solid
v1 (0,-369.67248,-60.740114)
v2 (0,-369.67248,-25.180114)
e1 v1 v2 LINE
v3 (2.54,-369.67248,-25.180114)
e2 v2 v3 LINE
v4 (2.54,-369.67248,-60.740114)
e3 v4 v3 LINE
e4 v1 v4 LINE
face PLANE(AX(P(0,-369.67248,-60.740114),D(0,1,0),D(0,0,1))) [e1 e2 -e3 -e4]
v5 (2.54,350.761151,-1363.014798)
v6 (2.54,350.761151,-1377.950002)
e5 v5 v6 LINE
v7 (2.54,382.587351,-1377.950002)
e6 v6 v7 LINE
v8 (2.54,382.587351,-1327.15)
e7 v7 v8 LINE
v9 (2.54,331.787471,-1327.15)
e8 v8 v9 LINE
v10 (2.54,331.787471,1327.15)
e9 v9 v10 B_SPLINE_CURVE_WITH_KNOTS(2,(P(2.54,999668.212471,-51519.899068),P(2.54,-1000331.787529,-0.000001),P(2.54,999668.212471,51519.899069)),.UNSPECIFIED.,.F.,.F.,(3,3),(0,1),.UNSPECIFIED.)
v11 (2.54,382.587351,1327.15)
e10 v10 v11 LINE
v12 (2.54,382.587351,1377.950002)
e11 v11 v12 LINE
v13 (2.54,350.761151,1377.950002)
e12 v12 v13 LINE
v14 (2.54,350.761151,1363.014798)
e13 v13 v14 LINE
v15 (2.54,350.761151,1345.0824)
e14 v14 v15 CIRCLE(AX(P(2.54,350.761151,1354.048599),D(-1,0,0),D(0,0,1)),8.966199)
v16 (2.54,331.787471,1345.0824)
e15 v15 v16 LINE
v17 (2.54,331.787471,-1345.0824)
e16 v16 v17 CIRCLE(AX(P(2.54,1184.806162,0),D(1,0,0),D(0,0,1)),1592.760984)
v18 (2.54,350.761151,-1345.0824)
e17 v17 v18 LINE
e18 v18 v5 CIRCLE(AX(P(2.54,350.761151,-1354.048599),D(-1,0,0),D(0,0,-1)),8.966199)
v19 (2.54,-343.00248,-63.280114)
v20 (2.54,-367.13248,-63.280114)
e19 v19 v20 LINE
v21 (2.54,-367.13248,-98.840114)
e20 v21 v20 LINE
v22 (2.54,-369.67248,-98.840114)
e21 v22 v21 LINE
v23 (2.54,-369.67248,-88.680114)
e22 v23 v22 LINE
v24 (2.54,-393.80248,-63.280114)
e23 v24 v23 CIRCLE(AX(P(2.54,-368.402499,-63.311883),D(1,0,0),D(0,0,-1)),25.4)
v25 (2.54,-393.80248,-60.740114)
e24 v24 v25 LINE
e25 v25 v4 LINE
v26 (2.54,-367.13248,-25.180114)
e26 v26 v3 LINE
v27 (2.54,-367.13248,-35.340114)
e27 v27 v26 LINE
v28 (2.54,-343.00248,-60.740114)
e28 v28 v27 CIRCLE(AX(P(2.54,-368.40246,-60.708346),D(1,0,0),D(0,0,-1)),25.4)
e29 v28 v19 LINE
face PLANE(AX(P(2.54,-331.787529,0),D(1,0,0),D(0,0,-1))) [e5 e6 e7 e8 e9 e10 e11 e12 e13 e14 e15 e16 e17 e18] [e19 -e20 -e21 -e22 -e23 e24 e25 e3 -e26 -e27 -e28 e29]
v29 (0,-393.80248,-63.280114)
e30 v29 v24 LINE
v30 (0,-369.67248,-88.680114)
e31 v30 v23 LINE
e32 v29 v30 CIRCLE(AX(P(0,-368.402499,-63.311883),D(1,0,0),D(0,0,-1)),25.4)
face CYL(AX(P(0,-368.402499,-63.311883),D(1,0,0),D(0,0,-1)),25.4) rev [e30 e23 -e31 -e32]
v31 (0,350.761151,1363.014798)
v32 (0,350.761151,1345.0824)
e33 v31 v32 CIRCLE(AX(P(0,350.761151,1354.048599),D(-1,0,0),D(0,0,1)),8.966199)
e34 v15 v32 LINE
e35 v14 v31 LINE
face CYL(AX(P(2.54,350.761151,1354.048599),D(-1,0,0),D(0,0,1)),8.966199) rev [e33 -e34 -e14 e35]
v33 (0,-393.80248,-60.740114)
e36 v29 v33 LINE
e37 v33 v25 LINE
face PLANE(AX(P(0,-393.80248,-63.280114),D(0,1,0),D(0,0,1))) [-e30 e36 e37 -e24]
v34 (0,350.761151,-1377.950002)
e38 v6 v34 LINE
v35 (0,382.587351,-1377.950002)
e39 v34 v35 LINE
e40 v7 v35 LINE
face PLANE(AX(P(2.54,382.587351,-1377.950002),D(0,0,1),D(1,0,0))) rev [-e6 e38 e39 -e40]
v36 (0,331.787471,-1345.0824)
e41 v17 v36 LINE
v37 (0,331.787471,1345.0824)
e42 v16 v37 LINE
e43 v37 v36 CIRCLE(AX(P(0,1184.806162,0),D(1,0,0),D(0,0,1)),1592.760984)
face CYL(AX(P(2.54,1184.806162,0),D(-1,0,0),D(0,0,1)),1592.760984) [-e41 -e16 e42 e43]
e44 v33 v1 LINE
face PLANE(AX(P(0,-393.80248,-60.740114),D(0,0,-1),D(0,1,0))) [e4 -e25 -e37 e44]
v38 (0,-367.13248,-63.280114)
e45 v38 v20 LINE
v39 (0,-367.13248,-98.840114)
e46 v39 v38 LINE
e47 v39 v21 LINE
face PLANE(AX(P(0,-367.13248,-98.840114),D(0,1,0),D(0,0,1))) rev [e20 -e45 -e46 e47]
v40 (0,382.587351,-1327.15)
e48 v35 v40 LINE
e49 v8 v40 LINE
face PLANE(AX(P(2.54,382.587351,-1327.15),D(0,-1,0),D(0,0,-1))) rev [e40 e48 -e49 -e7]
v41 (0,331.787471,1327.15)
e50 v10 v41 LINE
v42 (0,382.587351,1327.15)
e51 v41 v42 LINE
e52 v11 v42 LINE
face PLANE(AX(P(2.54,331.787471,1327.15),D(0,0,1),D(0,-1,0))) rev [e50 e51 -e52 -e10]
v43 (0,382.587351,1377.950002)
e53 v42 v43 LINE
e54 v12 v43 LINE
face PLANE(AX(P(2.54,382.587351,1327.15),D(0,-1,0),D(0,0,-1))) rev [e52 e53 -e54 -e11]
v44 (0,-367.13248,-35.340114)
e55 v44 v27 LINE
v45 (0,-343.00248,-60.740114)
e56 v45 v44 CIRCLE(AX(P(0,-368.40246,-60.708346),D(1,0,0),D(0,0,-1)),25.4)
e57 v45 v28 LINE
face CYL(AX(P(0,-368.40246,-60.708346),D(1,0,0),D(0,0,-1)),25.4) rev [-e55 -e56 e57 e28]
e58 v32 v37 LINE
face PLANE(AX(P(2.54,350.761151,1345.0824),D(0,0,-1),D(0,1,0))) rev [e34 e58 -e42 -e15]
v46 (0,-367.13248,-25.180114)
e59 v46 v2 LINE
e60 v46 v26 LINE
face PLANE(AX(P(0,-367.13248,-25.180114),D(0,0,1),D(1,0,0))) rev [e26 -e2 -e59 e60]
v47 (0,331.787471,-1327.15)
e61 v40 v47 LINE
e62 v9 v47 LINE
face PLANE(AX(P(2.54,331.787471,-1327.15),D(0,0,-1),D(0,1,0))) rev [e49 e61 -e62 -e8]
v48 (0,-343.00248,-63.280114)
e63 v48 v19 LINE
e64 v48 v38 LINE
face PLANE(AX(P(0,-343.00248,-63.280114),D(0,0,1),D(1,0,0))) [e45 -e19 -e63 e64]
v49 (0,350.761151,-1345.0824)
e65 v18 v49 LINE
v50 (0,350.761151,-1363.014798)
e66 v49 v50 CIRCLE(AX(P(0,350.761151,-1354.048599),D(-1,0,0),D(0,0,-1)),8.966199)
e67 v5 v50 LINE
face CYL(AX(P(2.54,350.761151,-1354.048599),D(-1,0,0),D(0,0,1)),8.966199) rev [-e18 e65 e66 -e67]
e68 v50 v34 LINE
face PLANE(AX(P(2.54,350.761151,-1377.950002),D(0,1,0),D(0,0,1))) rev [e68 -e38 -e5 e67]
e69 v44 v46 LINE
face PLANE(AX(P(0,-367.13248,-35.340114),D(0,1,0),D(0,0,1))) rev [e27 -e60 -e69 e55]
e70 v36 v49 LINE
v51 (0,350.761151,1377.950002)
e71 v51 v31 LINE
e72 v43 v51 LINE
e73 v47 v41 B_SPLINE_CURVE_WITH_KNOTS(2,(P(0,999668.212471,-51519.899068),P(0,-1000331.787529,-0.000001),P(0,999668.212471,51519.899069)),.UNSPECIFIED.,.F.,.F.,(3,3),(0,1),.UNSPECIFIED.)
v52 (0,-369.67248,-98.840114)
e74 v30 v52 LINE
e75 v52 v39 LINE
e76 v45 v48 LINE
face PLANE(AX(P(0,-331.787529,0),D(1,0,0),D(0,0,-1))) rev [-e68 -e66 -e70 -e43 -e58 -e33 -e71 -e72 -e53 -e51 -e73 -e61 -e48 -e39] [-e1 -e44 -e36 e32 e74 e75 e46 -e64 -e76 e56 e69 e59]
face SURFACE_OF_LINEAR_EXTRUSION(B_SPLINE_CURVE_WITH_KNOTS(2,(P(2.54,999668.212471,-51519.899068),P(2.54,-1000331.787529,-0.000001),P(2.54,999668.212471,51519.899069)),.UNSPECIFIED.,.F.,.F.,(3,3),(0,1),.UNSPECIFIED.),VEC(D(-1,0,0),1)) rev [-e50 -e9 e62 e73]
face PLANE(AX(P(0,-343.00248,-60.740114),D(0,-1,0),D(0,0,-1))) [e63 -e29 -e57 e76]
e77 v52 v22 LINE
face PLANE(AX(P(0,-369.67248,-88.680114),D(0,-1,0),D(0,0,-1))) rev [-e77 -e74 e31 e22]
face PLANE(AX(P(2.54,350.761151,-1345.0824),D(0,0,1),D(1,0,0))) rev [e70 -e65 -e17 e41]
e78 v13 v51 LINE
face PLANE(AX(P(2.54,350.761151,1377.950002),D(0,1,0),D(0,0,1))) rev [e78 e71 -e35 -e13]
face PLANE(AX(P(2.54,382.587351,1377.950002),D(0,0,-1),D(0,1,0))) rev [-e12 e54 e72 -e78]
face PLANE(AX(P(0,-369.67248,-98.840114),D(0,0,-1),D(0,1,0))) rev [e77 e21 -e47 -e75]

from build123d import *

# Parameters (mm, degrees)
BOSS_EXTRUDE1_DEPTH = 2.54
CUT_EXTRUDE1_DEPTH  = 1438.073344451


with BuildPart() as part:
    # Sketch60 → Boss-Extrude1 (new body)
    with BuildSketch(Plane(origin=(0, 0, 0), x_dir=(0, 0, -1), z_dir=(1, 0, 0))):
        with BuildLine():
            Line((1327.15, 331.787470833), (1327.15, 382.587350833))
            Line((1327.15, 382.587350833), (1377.950002406, 382.587350833))
            Line((1377.950002406, 382.587350833), (1377.950002406, 350.761150833))
            Line((1377.950002406, 350.761150833), (1363.014798129, 350.761150833))
            ThreePointArc((1363.014798129, 350.761150833), (1354.048599065, 359.727349897), (1345.0824, 350.761150833))
            Line((1345.0824, 350.761150833), (1345.0824, 331.787470833))
            ThreePointArc((1345.0824, 331.787470833), (0, -407.954821328), (-1345.0824, 331.787470832))
            Line((-1345.0824, 331.787470832), (-1345.0824, 350.761150833))
            ThreePointArc((-1345.0824, 350.761150833), (-1354.048599065, 359.727349897), (-1363.014798129, 350.761150833))
            Line((-1363.014798129, 350.761150833), (-1377.950002406, 350.761150833))
            Line((-1377.950002406, 350.761150833), (-1377.950002406, 382.587350833))
            Line((-1377.950002406, 382.587350833), (-1327.15, 382.587350833))
            Line((-1327.15, 382.587350833), (-1327.15, 331.787470833))
            add(Edge.make_bspline(
                [(1327.15, 331.787470833), (1e-09, -995.362529167), (-1327.15, 331.787470833)],
                knots=[0, 0, 0, 1, 1, 1], degree=2))
        make_face()
    extrude(amount=BOSS_EXTRUDE1_DEPTH)

    # Sketch61 → Cut-Extrude1 (cut, through all)
    with BuildSketch(Plane(origin=(2.54, 0, 0), x_dir=(0, 0, -1), z_dir=(1, 0, 0))):
        with BuildLine():
            Line((63.280114483, -343.002479543), (63.280114483, -367.132479543))
            Line((63.280114483, -367.132479543), (98.840114483, -367.132479543))
            Line((98.840114483, -367.132479543), (98.840114483, -369.672479543))
            Line((98.840114483, -369.672479543), (88.680114483, -369.672479543))
            ThreePointArc((88.680114483, -369.672479543), (80.80611969, -386.817485024), (63.280114483, -393.802479543))
            Line((63.280114483, -393.802479543), (60.740114483, -393.802479543))
            Line((60.740114483, -393.802479543), (60.740114483, -369.672479543))
            Line((60.740114483, -369.672479543), (25.180114483, -369.672479543))
            Line((25.180114483, -369.672479543), (25.180114483, -367.132479543))
            Line((25.180114483, -367.132479543), (35.340114483, -367.132479543))
            ThreePointArc((35.340114483, -367.132479543), (43.214109276, -349.987474062), (60.740114483, -343.002479543))
            Line((60.740114483, -343.002479543), (63.280114483, -343.002479543))
        make_face()
    extrude(amount=-CUT_EXTRUDE1_DEPTH, mode=Mode.SUBTRACT)


solid = part.part
